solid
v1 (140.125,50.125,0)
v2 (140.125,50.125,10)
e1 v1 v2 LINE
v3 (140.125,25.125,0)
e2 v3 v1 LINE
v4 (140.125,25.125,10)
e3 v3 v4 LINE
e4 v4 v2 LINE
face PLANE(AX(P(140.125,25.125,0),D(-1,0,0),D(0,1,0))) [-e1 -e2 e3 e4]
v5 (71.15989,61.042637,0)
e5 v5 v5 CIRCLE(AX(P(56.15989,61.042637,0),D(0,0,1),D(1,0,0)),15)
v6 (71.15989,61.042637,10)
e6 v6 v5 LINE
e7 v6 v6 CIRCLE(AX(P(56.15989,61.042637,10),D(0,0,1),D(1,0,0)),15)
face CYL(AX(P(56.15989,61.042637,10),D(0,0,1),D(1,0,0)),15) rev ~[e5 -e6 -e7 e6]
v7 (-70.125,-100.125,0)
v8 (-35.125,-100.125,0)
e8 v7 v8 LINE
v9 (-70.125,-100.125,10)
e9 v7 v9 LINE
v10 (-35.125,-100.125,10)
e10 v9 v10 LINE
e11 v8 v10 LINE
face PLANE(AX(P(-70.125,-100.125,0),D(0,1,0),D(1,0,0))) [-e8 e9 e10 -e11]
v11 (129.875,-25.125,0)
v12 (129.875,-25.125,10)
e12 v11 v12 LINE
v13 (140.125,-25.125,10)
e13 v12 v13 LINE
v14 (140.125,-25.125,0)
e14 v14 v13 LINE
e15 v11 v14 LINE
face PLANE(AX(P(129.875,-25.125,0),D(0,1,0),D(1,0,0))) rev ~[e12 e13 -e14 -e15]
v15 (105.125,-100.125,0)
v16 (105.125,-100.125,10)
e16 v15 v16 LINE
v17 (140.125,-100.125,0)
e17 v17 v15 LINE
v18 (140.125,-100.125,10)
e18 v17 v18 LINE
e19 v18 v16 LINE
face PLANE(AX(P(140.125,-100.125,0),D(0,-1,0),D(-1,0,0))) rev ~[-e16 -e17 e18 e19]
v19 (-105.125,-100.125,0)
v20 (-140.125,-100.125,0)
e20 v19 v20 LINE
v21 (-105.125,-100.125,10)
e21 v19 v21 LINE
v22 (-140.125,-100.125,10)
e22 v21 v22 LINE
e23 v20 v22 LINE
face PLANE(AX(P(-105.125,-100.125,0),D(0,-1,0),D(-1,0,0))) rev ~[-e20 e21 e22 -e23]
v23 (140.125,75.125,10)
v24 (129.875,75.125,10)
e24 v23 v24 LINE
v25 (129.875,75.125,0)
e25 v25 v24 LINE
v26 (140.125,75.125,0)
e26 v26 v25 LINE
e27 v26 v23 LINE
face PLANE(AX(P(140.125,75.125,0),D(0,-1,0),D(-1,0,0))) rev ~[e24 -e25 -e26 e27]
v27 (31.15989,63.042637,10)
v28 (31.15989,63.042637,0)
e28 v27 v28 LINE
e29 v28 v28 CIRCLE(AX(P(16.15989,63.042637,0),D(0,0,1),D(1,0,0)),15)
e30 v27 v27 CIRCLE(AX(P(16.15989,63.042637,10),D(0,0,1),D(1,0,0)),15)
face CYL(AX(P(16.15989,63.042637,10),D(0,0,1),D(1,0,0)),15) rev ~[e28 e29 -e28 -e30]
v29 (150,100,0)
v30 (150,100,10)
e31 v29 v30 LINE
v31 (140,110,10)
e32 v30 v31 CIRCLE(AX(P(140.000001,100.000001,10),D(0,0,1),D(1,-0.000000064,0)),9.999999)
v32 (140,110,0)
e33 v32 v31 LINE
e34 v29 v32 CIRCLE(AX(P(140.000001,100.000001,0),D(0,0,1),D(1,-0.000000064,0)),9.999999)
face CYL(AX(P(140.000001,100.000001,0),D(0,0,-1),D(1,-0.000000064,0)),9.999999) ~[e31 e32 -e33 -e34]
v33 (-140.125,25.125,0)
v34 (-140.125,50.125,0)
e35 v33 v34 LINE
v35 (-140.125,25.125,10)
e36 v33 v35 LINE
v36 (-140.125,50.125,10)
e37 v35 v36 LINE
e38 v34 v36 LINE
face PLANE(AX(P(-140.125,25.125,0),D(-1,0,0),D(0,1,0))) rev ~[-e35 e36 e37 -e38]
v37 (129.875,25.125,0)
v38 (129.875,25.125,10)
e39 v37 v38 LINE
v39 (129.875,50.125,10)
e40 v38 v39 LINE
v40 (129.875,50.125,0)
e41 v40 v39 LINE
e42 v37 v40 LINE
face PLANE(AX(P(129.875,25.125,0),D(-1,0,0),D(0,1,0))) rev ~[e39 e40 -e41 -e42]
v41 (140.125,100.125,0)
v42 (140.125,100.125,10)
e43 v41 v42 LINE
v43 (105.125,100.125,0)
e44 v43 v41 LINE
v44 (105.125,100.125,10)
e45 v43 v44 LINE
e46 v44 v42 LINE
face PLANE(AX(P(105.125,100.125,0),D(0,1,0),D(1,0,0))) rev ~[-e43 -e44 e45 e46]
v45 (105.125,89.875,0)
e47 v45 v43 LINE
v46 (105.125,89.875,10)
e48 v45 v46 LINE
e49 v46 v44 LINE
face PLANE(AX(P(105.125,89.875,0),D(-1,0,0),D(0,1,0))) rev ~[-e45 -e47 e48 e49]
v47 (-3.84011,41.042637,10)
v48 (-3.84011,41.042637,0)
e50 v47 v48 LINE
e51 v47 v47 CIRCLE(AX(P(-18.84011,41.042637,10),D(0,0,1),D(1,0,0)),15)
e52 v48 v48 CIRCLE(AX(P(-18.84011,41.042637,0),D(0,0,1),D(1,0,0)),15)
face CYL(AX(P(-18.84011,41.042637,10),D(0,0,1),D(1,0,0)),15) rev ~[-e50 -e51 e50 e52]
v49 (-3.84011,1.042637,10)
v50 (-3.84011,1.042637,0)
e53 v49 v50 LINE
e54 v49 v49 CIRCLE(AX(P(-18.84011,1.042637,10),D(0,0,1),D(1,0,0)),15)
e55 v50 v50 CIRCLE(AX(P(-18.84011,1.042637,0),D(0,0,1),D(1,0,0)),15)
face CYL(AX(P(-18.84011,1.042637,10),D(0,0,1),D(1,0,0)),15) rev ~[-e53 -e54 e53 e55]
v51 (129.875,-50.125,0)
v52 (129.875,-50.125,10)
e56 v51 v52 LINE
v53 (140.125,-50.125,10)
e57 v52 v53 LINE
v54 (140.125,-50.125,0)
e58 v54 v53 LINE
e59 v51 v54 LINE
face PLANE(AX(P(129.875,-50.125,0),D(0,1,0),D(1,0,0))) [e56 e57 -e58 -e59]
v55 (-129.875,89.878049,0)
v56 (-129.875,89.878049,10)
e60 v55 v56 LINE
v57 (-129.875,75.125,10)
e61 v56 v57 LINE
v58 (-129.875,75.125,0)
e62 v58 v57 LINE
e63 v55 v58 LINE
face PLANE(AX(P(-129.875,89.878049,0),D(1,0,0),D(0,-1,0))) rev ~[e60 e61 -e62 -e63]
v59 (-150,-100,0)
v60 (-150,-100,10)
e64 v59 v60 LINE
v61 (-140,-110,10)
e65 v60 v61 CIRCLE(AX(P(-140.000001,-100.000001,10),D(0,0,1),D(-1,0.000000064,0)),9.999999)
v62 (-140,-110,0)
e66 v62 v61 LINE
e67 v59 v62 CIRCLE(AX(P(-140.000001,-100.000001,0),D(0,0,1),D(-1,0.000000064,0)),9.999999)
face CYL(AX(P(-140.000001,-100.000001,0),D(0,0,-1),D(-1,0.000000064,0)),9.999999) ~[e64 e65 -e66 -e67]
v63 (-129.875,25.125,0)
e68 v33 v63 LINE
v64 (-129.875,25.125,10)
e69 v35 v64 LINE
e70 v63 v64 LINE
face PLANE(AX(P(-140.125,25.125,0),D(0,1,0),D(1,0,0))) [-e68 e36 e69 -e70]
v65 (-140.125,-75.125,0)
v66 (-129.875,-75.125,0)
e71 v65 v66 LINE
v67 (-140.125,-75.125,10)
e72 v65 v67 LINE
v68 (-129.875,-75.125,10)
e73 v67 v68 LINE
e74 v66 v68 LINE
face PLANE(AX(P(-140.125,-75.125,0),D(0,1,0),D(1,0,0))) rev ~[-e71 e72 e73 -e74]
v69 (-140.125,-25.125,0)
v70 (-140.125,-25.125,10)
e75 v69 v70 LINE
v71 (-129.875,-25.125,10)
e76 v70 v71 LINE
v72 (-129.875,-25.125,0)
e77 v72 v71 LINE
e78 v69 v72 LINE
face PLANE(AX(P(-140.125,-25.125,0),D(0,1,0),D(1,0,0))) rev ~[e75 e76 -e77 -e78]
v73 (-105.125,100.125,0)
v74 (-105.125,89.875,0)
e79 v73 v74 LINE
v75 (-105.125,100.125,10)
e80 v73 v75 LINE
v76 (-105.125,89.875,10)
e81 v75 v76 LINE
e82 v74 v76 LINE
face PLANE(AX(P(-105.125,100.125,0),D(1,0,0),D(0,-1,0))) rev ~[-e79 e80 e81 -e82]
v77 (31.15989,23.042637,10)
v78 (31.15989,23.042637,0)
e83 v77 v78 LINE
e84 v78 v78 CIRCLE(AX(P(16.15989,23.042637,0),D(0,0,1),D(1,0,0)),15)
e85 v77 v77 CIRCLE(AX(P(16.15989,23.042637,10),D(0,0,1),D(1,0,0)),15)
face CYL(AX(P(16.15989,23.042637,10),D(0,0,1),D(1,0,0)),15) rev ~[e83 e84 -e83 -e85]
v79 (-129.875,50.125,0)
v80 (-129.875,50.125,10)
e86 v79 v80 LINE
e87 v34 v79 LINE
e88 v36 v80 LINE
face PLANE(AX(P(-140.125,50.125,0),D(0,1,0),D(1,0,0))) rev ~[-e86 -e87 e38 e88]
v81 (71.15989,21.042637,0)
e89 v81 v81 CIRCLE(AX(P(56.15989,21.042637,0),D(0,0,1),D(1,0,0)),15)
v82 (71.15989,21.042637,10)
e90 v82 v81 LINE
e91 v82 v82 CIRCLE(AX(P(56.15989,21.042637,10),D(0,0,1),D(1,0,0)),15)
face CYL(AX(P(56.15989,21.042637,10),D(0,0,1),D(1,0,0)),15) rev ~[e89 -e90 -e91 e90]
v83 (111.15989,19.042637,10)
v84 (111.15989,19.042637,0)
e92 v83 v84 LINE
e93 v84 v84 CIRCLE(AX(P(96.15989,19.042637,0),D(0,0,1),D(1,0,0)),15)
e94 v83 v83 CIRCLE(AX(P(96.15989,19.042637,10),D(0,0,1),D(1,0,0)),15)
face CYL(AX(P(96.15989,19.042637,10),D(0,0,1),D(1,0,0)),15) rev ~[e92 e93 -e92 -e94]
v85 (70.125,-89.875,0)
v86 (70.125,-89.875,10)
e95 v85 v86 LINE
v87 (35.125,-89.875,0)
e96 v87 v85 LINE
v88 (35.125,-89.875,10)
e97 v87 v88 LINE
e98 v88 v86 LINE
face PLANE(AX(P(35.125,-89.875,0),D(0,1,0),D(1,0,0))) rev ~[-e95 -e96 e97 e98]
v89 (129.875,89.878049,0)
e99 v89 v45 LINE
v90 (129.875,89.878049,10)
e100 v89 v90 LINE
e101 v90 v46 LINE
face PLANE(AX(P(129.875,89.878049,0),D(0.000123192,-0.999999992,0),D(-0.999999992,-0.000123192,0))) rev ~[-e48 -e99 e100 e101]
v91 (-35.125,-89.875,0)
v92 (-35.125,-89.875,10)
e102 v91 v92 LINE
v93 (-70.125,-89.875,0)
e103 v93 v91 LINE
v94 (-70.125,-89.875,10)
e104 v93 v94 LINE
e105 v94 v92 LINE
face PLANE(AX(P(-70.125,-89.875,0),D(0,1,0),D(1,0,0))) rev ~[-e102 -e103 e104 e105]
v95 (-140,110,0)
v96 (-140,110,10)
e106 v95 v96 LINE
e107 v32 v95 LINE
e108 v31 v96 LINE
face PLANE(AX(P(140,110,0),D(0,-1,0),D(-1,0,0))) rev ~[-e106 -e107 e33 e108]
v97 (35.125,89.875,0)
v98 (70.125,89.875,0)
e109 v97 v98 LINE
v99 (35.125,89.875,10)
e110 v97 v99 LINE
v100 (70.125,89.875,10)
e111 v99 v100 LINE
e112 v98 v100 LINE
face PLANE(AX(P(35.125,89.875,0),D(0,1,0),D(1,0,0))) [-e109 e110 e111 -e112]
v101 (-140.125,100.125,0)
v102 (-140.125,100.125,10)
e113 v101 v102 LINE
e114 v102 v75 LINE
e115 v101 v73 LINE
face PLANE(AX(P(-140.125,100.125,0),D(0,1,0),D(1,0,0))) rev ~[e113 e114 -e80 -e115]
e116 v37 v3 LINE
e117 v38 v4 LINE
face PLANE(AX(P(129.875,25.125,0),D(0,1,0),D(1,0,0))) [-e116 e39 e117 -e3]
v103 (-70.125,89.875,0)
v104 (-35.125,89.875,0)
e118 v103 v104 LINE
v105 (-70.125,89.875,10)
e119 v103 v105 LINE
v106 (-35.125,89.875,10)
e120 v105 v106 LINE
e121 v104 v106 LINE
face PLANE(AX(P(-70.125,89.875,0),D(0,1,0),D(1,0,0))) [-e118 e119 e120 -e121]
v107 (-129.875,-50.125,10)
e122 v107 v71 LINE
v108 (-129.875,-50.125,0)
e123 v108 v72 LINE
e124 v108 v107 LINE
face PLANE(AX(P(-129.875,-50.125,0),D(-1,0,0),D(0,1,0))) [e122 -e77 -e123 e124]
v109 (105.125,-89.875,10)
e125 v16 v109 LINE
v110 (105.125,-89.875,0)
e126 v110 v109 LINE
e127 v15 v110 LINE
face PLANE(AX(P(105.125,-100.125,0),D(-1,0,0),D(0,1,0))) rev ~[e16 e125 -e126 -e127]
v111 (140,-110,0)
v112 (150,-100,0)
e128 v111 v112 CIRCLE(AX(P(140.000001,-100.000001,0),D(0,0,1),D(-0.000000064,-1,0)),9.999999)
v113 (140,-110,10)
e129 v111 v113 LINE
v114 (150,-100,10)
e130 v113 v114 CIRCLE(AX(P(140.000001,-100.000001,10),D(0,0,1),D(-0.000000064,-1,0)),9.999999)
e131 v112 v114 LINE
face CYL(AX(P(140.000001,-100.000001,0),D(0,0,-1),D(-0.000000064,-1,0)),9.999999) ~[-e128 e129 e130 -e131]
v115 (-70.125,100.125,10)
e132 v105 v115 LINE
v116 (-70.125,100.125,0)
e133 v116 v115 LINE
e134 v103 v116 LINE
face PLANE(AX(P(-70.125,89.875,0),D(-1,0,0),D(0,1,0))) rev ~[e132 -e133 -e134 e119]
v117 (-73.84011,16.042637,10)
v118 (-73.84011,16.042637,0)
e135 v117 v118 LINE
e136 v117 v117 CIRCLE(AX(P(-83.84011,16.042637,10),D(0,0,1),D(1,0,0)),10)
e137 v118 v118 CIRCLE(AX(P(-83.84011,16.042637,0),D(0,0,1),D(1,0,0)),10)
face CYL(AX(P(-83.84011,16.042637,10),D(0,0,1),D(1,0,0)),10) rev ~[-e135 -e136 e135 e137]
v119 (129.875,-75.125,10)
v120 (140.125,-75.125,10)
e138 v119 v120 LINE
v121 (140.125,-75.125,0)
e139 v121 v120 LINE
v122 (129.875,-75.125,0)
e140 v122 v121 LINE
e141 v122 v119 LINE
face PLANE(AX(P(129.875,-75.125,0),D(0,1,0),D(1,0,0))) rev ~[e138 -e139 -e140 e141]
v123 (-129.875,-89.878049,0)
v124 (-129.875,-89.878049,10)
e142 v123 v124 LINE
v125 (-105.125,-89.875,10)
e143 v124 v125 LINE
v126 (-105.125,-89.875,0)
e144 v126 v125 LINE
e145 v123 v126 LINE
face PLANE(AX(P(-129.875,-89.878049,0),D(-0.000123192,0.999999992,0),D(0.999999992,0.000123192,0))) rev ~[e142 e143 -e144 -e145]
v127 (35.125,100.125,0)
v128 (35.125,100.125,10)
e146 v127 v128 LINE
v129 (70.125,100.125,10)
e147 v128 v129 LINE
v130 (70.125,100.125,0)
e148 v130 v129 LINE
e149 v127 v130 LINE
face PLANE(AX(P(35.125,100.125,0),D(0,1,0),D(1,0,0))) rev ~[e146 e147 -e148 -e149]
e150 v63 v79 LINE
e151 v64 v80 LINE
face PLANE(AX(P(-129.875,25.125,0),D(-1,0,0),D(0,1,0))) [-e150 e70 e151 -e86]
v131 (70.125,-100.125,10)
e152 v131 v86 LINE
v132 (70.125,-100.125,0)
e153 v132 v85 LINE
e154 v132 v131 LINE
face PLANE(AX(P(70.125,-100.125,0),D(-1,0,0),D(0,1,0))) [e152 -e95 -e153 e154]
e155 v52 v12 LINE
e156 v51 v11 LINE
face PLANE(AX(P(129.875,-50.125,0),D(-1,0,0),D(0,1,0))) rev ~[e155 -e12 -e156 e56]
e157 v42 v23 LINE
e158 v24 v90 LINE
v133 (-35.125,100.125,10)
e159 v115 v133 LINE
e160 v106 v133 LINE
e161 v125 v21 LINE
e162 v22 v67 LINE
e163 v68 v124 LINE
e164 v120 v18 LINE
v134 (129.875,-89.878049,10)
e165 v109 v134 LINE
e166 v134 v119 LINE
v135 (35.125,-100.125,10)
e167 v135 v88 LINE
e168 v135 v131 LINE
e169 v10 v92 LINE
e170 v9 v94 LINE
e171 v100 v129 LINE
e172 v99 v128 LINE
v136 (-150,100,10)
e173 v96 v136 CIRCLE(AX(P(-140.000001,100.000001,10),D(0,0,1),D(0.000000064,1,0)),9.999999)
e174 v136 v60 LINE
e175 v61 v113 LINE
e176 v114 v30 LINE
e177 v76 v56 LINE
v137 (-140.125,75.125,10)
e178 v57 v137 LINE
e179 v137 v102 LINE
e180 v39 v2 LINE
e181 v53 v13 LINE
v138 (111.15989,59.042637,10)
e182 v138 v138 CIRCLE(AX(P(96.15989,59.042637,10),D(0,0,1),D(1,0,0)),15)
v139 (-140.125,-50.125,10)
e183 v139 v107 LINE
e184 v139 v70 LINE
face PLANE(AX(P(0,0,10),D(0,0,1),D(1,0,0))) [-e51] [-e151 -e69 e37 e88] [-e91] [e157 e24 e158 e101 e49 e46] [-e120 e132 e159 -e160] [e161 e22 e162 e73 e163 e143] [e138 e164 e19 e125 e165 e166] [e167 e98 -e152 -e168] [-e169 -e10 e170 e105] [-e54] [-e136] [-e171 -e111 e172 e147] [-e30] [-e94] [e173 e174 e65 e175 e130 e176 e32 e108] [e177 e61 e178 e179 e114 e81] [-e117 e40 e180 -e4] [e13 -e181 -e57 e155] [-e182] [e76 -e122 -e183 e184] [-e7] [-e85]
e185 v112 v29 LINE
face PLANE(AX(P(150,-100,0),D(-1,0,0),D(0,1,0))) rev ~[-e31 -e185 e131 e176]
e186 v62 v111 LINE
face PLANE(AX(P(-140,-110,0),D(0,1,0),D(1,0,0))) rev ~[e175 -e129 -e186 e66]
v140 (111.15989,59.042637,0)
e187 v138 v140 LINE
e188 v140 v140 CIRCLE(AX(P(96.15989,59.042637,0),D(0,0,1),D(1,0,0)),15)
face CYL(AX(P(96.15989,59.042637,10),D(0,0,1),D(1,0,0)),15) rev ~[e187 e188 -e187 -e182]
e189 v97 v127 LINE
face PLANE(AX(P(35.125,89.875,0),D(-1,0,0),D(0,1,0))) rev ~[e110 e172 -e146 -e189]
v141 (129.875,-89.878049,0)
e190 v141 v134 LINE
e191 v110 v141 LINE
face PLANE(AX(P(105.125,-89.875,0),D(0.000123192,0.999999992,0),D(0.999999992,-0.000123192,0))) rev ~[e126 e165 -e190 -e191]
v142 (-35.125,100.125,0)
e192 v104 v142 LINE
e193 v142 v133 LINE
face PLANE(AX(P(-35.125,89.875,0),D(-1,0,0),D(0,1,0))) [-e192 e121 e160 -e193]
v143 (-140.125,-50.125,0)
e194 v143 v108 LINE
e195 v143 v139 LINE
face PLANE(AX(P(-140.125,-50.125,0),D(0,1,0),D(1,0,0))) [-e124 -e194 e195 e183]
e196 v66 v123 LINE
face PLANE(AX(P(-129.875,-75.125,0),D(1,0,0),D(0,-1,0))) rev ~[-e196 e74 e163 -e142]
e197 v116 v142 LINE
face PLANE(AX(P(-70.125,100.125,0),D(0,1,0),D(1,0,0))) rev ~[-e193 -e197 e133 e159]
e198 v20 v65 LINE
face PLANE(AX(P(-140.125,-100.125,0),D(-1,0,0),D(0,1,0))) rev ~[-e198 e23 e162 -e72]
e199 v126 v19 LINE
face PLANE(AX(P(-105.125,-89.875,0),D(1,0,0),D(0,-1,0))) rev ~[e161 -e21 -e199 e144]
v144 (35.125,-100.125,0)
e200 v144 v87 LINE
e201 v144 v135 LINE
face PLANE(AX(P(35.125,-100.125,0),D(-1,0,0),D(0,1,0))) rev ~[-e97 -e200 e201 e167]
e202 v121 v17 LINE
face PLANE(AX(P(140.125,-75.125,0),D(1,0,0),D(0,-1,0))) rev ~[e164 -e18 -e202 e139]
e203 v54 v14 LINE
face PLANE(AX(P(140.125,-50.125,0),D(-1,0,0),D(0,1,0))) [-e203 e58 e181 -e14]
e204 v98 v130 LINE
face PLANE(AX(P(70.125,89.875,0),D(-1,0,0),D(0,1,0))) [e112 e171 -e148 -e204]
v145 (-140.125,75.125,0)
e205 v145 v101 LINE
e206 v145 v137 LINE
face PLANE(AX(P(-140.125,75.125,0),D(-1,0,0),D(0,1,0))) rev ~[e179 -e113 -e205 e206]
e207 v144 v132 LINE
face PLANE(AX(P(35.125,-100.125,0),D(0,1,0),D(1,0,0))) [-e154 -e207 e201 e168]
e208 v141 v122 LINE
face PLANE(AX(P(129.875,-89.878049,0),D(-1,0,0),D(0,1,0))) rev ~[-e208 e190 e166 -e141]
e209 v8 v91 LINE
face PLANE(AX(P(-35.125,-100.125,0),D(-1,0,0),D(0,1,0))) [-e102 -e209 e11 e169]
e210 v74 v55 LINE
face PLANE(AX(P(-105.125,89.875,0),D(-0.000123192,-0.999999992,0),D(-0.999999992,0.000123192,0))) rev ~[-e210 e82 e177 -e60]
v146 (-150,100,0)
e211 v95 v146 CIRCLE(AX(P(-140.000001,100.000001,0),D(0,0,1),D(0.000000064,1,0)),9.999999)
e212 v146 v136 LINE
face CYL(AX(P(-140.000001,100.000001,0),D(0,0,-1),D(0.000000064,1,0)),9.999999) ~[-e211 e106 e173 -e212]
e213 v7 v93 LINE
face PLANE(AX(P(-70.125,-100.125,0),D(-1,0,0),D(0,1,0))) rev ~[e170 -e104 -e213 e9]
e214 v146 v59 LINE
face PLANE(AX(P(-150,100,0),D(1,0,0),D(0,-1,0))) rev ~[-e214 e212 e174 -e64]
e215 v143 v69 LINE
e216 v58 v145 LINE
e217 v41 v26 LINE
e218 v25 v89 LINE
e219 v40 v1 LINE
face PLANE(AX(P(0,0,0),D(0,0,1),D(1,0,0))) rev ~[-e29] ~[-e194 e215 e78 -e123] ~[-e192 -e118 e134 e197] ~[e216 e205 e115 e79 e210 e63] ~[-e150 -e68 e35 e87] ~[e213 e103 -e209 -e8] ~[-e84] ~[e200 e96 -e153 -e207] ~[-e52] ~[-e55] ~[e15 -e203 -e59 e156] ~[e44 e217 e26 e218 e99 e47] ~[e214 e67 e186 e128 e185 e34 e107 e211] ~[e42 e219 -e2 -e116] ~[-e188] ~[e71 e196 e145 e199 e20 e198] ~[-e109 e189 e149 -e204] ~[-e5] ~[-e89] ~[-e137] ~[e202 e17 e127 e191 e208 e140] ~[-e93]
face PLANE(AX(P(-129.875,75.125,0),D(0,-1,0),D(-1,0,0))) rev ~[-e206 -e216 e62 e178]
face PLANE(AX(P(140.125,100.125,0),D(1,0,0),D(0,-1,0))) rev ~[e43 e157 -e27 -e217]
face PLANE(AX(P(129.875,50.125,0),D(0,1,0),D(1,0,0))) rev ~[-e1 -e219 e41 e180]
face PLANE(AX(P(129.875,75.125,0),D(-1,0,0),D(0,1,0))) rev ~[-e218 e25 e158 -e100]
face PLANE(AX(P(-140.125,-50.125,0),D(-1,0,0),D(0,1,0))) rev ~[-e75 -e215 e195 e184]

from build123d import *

# Parameters (mm, degrees)
F0_W     = 35
F0_H     = 10.25
F0_W_2   = 10.25
F0_H_2   = 25
F1_DEPTH = 10
F2_R     = 10
F2_R_2   = 15
F3_DEPTH = 10


with BuildPart() as f1:
    # F0 (on Top) → F1 (new body)
    with BuildSketch(Plane.XY):
        with BuildLine():
            Line((140, 110), (-140, 110))
            ThreePointArc((-140, 110), (-147.071068, 107.071068), (-150, 100))
            Line((-150, 100), (-150, -100))
            ThreePointArc((-150, -100), (-147.071068, -107.071068), (-140, -110))
            Line((-140, -110), (140, -110))
            ThreePointArc((140, -110), (147.071068, -107.071068), (150, -100))
            Line((150, -100), (150, 100))
            ThreePointArc((150, 100), (147.071068, 107.071068), (140, 110))
        make_face()
        Polygon((-105.125, -100.125), (-140.125, -100.125), (-140.125, -75.125), (-129.875, -75.125), (-129.875, -89.878049), (-105.125, -89.875), align=None, mode=Mode.SUBTRACT)
        with Locations((-52.625, -95)):
            Rectangle(F0_W, F0_H, mode=Mode.SUBTRACT)
        with Locations((-135, -37.625)):
            Rectangle(F0_W_2, F0_H_2, mode=Mode.SUBTRACT)
        with Locations((52.625, -95)):
            Rectangle(F0_W, F0_H, mode=Mode.SUBTRACT)
        Polygon((129.875, -75.125), (140.125, -75.125), (140.125, -100.125), (105.125, -100.125), (105.125, -89.875), (129.875, -89.878049), align=None, mode=Mode.SUBTRACT)
        with Locations((135, -37.625)):
            Rectangle(F0_W_2, F0_H_2, mode=Mode.SUBTRACT)
        with Locations((-135, 37.625)):
            Rectangle(F0_W_2, F0_H_2, mode=Mode.SUBTRACT)
        Polygon((-129.875, 75.125), (-140.125, 75.125), (-140.125, 100.125), (-105.125, 100.125), (-105.125, 89.875), (-129.875, 89.878049), align=None, mode=Mode.SUBTRACT)
        with Locations((-52.625, 95)):
            Rectangle(F0_W, F0_H, mode=Mode.SUBTRACT)
        with Locations((135, 37.625)):
            Rectangle(F0_W_2, F0_H_2, mode=Mode.SUBTRACT)
        with Locations((52.625, 95)):
            Rectangle(F0_W, F0_H, mode=Mode.SUBTRACT)
        Polygon((105.125, 89.875), (105.125, 100.125), (140.125, 100.125), (140.125, 75.125), (129.875, 75.125), (129.875, 89.878049), align=None, mode=Mode.SUBTRACT)
    extrude(amount=F1_DEPTH)

    # F2 (on face) → F3 (cut)
    with BuildSketch(Plane.XY.offset(10)):
        with Locations((-83.84011, 16.042637)):
            Circle(F2_R)
        with Locations((-18.84011, 41.042637)):
            Circle(F2_R_2)
        with Locations((16.15989, 63.042637)):
            Circle(F2_R_2)
        with Locations((56.15989, 61.042637)):
            Circle(F2_R_2)
        with Locations((96.15989, 59.042637)):
            Circle(F2_R_2)
        with Locations((96.15989, 19.042637)):
            Circle(F2_R_2)
        with Locations((56.15989, 21.042637)):
            Circle(F2_R_2)
        with Locations((16.15989, 23.042637)):
            Circle(F2_R_2)
        with Locations((-18.84011, 1.042637)):
            Circle(F2_R_2)
    extrude(amount=-F3_DEPTH, mode=Mode.SUBTRACT)


solid = f1.part
